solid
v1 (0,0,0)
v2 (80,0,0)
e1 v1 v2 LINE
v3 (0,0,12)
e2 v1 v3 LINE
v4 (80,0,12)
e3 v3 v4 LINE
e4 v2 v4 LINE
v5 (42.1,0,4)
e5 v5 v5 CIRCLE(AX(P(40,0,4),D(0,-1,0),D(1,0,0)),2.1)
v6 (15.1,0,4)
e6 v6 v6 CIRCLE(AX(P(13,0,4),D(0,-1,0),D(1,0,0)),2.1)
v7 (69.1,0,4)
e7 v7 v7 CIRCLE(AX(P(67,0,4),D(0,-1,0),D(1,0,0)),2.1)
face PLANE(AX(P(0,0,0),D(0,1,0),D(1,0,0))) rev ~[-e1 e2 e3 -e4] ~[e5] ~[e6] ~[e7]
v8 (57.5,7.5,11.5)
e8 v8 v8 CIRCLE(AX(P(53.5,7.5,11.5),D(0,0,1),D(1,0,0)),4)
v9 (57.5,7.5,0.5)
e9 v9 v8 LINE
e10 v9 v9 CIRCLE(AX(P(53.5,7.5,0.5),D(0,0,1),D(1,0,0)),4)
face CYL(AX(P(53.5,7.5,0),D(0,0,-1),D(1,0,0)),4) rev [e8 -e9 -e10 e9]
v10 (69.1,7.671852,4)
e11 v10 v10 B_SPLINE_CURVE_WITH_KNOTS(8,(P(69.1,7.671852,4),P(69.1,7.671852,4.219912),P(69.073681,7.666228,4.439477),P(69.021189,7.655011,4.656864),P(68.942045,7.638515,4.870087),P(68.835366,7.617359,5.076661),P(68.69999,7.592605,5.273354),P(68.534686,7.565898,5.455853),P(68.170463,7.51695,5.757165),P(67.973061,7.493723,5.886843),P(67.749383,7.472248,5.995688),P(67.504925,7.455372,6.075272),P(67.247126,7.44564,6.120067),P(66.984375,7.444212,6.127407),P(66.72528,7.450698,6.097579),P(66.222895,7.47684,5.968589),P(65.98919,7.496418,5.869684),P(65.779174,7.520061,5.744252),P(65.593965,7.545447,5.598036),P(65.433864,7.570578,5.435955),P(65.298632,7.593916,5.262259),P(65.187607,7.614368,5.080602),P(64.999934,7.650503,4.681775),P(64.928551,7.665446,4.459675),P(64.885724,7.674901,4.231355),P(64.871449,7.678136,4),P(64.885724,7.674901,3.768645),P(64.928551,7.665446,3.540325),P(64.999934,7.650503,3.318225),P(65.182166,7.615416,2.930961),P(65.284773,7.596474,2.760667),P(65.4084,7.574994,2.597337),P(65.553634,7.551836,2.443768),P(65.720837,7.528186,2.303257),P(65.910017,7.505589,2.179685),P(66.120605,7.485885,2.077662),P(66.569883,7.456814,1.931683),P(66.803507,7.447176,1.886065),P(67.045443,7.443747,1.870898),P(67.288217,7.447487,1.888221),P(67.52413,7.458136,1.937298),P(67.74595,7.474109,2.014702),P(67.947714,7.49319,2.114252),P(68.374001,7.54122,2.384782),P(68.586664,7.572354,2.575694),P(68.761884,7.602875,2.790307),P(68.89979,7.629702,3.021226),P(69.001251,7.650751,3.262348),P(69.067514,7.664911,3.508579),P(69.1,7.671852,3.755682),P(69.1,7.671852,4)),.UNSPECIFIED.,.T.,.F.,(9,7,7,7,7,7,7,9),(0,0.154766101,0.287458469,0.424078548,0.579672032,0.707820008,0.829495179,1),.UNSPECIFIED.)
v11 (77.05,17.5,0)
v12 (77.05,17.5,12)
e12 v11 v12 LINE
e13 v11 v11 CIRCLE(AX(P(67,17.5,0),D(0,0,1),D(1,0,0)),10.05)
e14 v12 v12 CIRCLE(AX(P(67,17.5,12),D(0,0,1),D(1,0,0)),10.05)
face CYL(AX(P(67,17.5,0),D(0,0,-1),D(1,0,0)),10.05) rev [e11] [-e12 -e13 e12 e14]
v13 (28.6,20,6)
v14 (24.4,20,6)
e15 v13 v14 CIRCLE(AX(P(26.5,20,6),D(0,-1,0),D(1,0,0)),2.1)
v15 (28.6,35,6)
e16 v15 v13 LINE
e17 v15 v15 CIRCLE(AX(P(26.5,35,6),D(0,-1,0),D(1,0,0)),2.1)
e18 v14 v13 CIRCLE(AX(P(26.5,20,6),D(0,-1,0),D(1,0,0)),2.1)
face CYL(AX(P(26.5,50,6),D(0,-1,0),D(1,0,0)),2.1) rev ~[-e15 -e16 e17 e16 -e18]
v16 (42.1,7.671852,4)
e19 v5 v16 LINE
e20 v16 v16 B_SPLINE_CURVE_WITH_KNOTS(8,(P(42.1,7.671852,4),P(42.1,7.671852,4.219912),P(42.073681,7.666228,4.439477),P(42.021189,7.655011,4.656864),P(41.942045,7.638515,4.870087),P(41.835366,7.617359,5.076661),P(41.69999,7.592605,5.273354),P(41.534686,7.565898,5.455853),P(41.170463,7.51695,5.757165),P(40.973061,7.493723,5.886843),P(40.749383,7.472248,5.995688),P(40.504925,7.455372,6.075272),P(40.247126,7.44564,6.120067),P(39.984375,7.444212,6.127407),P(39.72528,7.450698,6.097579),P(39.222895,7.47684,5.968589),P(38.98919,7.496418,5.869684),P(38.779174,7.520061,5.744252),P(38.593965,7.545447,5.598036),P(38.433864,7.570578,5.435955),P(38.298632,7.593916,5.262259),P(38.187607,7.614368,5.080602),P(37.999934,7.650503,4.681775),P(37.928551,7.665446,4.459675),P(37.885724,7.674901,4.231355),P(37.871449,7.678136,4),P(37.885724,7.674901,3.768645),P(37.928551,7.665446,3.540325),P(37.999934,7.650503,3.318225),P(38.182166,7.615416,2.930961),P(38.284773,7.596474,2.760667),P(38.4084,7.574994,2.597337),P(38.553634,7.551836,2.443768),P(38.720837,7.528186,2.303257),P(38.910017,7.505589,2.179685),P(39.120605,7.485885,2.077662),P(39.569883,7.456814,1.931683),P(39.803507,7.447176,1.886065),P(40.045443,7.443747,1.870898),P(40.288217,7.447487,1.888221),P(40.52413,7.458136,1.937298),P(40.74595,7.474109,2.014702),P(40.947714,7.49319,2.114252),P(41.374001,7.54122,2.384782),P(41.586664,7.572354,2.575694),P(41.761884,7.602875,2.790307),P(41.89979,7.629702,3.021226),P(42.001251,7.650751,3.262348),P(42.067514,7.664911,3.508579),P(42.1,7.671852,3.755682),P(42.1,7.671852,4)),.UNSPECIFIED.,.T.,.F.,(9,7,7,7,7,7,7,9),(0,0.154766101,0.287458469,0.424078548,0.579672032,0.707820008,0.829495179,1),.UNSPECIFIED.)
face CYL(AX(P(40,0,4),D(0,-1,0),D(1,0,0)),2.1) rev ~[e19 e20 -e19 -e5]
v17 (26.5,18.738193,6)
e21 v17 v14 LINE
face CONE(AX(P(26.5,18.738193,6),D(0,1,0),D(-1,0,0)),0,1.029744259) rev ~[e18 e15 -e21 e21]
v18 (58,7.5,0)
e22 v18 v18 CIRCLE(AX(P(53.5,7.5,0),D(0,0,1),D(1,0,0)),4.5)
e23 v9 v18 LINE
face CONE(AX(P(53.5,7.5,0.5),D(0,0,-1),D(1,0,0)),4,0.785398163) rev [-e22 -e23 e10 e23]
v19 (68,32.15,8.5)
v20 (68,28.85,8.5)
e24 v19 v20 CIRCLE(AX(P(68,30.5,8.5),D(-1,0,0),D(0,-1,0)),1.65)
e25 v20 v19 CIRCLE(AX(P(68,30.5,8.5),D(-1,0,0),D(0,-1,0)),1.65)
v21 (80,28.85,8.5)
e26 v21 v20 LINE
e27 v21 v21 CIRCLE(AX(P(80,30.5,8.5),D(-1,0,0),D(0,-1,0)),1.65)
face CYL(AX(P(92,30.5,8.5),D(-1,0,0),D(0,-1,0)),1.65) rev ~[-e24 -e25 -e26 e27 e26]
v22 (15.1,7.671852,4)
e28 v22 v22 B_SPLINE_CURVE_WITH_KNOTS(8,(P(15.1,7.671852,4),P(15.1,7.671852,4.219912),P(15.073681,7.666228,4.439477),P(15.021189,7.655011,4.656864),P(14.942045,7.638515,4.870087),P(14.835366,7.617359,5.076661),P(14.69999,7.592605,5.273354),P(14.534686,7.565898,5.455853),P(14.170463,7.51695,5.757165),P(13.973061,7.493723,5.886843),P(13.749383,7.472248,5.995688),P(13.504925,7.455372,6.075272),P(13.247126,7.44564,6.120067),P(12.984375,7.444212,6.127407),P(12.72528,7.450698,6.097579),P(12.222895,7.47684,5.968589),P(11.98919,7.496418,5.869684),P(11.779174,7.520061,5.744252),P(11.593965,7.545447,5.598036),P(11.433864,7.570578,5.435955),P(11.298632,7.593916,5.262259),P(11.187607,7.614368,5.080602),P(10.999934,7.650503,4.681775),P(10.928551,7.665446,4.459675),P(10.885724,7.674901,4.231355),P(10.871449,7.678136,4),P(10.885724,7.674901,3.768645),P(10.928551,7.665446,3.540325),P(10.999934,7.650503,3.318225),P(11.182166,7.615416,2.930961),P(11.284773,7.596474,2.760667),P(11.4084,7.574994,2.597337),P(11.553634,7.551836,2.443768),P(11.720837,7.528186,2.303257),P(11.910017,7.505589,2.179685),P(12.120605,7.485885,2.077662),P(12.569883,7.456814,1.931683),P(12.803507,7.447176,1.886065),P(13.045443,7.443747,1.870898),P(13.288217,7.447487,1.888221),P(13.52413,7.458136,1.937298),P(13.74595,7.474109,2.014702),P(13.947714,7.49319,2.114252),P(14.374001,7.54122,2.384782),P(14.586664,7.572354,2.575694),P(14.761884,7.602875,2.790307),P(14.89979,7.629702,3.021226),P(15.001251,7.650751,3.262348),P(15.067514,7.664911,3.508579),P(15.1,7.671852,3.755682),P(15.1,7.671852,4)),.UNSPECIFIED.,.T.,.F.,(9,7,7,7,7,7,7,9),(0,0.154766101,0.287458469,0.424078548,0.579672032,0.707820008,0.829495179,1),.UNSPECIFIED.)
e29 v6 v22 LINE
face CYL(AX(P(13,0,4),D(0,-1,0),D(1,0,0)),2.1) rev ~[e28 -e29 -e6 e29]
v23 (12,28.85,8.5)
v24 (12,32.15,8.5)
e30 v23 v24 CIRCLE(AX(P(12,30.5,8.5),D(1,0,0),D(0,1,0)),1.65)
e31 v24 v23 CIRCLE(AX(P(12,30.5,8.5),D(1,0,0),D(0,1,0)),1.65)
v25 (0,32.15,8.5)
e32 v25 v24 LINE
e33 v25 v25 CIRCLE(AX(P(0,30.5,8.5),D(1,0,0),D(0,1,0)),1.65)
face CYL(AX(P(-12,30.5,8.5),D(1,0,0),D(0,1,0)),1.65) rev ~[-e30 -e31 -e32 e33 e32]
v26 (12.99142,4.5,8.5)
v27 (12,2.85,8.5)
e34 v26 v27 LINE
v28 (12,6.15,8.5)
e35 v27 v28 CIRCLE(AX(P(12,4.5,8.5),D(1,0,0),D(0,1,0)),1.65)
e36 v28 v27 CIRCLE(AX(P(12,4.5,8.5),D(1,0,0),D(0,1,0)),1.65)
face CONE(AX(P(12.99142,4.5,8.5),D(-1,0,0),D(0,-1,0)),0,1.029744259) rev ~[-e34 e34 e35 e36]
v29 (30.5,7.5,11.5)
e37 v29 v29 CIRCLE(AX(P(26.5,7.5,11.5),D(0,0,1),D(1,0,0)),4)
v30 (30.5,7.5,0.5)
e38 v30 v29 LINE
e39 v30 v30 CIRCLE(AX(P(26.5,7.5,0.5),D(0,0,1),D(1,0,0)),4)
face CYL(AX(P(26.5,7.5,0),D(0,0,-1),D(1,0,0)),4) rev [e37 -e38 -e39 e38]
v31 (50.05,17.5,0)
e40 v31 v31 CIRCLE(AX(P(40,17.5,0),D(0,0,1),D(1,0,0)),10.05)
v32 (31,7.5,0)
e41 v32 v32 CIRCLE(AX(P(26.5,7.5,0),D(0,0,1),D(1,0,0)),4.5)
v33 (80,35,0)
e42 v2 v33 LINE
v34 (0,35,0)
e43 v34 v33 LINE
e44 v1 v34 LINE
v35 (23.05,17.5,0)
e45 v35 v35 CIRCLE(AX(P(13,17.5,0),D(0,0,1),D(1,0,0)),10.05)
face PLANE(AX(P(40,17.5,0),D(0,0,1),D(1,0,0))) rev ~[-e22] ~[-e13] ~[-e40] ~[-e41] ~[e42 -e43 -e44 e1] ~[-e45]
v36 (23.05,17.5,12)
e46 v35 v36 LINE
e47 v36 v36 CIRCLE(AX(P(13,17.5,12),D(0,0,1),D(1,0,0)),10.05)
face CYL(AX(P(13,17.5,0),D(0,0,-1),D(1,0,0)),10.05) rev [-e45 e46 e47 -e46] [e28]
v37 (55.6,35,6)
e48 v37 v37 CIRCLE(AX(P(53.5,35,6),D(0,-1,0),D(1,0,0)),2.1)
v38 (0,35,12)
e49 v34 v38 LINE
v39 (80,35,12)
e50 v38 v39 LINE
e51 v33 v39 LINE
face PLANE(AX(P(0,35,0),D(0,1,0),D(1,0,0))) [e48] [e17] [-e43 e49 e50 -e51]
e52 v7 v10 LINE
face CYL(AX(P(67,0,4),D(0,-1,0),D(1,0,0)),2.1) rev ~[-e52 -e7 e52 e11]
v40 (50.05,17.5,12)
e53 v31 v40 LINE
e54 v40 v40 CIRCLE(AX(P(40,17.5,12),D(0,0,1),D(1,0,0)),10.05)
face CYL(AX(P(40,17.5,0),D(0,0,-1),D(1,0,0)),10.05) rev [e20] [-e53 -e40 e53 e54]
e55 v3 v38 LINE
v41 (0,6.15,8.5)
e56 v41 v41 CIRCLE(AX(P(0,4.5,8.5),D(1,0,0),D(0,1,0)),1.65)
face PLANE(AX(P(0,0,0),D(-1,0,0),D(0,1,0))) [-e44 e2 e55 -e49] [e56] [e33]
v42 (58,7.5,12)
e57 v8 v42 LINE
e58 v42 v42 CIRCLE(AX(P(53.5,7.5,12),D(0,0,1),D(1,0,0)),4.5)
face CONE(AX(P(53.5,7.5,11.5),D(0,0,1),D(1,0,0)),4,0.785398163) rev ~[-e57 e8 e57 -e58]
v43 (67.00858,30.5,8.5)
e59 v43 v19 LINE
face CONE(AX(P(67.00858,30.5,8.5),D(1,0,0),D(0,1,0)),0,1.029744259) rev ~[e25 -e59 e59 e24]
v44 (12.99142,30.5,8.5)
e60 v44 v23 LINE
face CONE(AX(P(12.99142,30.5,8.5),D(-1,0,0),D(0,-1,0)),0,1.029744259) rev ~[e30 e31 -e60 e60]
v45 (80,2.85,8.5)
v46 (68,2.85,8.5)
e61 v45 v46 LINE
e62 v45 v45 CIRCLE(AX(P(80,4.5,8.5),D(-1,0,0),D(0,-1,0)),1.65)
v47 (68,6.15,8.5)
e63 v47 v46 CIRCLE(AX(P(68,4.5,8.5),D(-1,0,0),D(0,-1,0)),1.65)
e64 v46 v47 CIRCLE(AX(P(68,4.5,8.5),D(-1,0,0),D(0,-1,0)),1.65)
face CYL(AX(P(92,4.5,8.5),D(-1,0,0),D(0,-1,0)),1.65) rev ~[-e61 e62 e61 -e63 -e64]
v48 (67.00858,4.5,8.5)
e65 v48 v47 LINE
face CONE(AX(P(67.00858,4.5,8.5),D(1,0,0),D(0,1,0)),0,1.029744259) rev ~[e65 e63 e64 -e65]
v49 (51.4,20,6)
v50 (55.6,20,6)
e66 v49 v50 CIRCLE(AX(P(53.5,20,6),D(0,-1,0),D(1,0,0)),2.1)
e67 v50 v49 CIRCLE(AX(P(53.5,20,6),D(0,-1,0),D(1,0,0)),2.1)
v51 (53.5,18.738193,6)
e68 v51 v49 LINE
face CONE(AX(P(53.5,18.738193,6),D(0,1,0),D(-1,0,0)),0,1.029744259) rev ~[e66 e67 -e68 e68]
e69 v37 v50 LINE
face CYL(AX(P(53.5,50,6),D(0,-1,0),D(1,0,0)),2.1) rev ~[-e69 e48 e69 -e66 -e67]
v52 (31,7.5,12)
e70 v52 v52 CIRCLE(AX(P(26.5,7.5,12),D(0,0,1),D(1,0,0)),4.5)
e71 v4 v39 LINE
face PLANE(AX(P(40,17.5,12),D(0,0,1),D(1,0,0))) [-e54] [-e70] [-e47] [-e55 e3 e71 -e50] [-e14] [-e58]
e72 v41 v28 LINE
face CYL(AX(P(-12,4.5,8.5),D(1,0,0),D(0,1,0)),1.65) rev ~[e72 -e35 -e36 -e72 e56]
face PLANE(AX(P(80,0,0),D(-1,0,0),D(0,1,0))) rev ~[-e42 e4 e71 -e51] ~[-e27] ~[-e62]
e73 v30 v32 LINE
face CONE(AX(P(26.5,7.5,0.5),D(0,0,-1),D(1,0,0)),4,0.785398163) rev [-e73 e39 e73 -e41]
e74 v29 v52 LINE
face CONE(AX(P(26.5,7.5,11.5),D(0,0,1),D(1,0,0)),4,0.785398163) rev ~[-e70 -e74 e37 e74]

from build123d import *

# Parameters (mm, degrees)
F0_W      = 80
F0_H      = 35
F0_R      = 4
F0_R_2    = 10.05
F1_DEPTH  = 12
F2_SIZE   = 0.5
F3_R      = 2.1
F4_DEPTH  = 7.6728517519
F6_D      = 4.2
F6_DEPTH  = 15
F6_TIP    = 1.2618073
F8_D      = 3.3
F8_DEPTH  = 12
F8_TIP    = 0.9914200214
F10_D     = 3.3
F10_DEPTH = 12
F10_TIP   = 0.9914200214


with BuildPart() as f1:
    # F0 (on Top) → F1 (new body)
    with BuildSketch(Plane.XY):
        with Locations((40, 17.5)):
            Rectangle(F0_W, F0_H)
        with Locations((26.5, 7.5)):
            Circle(F0_R, mode=Mode.SUBTRACT)
        with Locations((53.5, 7.5)):
            Circle(F0_R, mode=Mode.SUBTRACT)
        with Locations((13, 17.5)):
            Circle(F0_R_2, mode=Mode.SUBTRACT)
        with Locations((40, 17.5)):
            Circle(F0_R_2, mode=Mode.SUBTRACT)
        with Locations((67, 17.5)):
            Circle(F0_R_2, mode=Mode.SUBTRACT)
    extrude(amount=F1_DEPTH)

    # F2
    f2_edges = [f1.edges().sort_by_distance(p)[0] for p in [
        (22.5, 7.5, 12),
        (49.5, 7.5, 12),
        (49.5, 7.5, 0),
        (22.5, 7.5, 0),
    ]]
    chamfer(f2_edges, length=F2_SIZE)

    # F3 (on face) → F4 (cut, through all)
    with BuildSketch(Plane.XZ):
        with Locations((40, 4)):
            Circle(F3_R)
        with Locations((67, 4)):
            Circle(F3_R)
        with Locations((13, 4)):
            Circle(F3_R)
    extrude(amount=-F4_DEPTH, mode=Mode.SUBTRACT)

    # F6
    with Locations(Plane(origin=(0, 35, 0), x_dir=(-1, 0, 0), z_dir=(0, 1, 0))):
        with Locations((-53.5, 6), (-26.5, 6)):
            Hole(F6_D / 2, depth=F6_DEPTH)
            with Locations((0, 0, -(F6_DEPTH + F6_TIP / 2))):  # 118° drill point
                Cone(0, F6_D / 2, F6_TIP, mode=Mode.SUBTRACT)

    # F8
    with Locations(Plane.YZ.offset(80)):
        with Locations((4.5, 8.5), (30.5, 8.5)):
            Hole(F8_D / 2, depth=F8_DEPTH)
            with Locations((0, 0, -(F8_DEPTH + F8_TIP / 2))):  # 118° drill point
                Cone(0, F8_D / 2, F8_TIP, mode=Mode.SUBTRACT)

    # F10
    with Locations(Plane(origin=(0, 0, 0), x_dir=(0, -1, 0), z_dir=(-1, 0, 0))):
        with Locations((-30.5, 8.5), (-4.5, 8.5)):
            Hole(F10_D / 2, depth=F10_DEPTH)
            with Locations((0, 0, -(F10_DEPTH + F10_TIP / 2))):  # 118° drill point
                Cone(0, F10_D / 2, F10_TIP, mode=Mode.SUBTRACT)


solid = f1.part
